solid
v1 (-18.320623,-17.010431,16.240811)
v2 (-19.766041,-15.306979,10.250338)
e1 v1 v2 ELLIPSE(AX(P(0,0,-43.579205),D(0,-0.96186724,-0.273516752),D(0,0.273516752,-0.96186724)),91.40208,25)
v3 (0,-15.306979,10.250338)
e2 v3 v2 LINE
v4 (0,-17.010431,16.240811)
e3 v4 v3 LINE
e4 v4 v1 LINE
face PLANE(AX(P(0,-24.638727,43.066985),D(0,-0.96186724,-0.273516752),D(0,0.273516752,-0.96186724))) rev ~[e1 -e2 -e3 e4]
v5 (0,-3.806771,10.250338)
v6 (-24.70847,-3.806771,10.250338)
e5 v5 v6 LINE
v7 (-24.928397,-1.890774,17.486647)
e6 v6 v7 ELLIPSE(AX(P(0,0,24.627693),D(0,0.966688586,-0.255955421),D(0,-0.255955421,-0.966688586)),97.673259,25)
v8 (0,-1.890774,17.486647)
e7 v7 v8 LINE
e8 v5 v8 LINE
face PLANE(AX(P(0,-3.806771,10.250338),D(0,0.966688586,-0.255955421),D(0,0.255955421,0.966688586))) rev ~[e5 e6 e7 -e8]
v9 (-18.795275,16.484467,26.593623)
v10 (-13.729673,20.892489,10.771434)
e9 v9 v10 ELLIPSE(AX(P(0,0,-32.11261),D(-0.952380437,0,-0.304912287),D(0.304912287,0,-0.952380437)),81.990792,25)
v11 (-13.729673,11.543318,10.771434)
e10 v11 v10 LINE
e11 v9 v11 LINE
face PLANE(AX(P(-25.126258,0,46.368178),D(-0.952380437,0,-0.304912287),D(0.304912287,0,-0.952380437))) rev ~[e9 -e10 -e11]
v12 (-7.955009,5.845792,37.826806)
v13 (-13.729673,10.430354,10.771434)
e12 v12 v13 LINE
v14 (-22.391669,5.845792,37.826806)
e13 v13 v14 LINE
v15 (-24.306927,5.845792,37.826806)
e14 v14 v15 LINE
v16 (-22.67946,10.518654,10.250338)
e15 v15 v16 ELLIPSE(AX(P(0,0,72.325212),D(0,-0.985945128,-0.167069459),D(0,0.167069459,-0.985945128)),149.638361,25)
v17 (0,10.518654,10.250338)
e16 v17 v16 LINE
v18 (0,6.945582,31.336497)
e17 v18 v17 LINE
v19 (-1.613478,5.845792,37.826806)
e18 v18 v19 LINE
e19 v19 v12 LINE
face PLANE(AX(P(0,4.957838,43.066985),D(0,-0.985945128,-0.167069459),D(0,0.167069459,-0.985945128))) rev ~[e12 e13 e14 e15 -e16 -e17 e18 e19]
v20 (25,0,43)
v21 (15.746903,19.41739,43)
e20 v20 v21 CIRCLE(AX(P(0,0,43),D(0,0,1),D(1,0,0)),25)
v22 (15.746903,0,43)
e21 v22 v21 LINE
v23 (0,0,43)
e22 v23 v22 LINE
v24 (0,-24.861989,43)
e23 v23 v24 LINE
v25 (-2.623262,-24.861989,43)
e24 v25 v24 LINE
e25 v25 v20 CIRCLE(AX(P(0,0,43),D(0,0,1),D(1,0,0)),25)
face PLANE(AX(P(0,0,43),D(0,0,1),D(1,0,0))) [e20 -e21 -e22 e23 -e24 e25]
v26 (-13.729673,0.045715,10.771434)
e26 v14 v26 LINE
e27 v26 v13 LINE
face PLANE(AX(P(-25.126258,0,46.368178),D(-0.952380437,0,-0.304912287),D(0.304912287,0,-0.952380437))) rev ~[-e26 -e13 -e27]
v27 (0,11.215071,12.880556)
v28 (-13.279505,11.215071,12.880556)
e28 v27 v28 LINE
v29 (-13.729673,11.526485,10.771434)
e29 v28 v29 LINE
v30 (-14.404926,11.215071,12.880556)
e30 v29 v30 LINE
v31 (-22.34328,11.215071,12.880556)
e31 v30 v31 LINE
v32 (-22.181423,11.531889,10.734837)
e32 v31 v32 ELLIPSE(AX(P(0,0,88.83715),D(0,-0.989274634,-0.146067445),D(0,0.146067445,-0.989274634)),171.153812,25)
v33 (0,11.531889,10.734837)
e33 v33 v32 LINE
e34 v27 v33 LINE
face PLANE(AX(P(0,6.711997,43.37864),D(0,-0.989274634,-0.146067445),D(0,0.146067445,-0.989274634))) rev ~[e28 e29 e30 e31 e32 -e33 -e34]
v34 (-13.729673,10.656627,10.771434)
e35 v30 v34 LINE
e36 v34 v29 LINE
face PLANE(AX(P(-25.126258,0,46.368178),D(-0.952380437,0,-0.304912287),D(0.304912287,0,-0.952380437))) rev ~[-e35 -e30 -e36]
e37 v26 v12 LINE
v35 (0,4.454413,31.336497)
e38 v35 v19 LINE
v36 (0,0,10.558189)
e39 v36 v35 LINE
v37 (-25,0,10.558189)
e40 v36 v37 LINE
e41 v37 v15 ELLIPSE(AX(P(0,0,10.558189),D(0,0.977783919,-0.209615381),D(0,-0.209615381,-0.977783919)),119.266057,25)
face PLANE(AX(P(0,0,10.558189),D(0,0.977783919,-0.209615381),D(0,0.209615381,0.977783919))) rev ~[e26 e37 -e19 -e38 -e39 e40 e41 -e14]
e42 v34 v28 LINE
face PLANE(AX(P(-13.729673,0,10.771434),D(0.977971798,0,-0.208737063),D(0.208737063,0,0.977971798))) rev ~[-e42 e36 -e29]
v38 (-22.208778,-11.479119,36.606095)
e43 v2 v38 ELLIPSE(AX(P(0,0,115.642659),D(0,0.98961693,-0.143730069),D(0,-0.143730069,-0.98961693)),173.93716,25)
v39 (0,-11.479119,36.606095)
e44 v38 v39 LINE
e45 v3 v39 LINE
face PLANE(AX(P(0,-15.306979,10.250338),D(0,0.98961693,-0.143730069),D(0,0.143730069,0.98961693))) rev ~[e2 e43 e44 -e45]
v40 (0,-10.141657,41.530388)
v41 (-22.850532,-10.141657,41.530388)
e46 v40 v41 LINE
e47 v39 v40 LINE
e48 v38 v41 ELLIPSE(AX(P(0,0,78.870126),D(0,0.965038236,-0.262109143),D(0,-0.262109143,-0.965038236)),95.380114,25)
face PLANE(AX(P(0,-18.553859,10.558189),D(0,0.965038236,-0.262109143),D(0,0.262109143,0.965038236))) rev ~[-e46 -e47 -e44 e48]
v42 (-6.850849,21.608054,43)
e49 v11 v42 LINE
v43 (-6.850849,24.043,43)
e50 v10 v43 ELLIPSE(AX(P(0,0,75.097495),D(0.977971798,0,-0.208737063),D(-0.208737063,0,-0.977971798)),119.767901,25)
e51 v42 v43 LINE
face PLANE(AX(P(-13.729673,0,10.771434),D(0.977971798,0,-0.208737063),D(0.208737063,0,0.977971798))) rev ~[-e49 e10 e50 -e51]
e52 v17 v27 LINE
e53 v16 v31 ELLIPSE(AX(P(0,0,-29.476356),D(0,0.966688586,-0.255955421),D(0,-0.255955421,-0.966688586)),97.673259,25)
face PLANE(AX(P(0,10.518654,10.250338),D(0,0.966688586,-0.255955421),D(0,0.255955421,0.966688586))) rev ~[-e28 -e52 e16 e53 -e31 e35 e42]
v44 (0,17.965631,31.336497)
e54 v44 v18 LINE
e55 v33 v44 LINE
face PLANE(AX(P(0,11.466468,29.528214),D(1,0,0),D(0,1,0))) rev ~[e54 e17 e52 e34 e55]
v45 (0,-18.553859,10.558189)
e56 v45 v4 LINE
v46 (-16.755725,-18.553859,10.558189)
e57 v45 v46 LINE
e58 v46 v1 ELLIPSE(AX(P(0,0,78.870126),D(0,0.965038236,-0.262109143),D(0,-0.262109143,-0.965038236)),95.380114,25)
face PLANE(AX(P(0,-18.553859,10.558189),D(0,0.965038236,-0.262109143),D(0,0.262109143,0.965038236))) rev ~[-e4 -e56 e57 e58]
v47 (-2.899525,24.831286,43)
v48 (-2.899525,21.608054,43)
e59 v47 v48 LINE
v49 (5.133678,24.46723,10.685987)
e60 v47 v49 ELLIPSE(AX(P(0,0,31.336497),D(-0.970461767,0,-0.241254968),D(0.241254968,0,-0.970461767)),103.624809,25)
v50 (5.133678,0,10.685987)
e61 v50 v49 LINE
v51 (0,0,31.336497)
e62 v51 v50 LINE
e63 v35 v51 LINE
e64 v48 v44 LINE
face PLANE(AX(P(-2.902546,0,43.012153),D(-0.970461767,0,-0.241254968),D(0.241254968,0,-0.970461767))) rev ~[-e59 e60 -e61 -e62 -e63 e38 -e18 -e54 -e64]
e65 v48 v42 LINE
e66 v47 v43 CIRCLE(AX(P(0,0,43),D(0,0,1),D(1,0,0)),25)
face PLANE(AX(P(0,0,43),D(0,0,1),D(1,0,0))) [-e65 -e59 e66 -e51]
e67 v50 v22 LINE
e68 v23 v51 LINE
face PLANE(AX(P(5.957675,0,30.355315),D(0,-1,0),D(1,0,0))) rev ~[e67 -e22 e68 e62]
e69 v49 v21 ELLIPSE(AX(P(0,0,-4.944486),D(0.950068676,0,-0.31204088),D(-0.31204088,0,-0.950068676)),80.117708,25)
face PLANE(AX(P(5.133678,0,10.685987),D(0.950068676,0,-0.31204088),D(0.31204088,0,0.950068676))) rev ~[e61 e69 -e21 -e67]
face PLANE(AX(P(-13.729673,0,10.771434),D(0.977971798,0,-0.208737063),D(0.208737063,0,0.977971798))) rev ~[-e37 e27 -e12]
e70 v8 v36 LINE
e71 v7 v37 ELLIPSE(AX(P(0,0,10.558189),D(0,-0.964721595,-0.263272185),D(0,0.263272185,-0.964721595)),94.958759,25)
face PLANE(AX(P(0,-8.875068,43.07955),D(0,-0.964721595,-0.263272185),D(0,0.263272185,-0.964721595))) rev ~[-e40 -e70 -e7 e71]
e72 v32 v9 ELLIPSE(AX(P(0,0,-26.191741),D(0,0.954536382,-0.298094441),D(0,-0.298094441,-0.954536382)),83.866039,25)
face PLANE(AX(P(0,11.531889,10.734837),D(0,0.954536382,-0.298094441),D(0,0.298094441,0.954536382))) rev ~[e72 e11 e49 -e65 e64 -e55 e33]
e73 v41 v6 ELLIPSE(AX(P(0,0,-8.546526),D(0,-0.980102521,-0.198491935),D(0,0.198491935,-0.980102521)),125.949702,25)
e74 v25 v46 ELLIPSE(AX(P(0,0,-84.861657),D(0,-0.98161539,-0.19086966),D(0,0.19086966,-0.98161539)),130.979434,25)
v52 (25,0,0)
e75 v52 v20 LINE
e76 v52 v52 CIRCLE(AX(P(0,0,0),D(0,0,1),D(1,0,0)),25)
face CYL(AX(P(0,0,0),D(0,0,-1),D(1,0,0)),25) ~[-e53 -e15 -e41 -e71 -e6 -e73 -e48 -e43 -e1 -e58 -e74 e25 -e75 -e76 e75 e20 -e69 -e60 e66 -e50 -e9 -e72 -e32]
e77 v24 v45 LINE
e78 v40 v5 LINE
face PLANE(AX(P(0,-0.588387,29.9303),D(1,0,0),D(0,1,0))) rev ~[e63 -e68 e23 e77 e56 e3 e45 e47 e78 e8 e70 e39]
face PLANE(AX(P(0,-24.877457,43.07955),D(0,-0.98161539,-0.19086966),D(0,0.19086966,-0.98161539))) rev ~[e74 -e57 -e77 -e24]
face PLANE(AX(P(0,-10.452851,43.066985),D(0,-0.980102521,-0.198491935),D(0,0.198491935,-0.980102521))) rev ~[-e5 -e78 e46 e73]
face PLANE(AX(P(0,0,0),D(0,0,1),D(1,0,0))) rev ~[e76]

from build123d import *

# Parameters (mm, degrees)
F0_R      = 25
F1_DEPTH  = 43
F3_DEPTH  = 25.001
F5_DEPTH  = 25.001
F7_DEPTH  = 25.001
F9_DEPTH  = 25.001
F11_DEPTH = 25.001


with BuildPart() as f1:
    # F0 (on Top) → F1 (new body)
    with BuildSketch(Plane.XY):
        Circle(F0_R)
    extrude(amount=F1_DEPTH)

    # F2 (on Front) → F3 (cut, through all)
    with BuildSketch(Plane.XZ):
        Polygon((-25.126258, 46.368178), (-13.729673, 10.771434), (-6.131949, 46.368178), align=None)
    extrude(amount=-F3_DEPTH, mode=Mode.SUBTRACT)

    # F4 (on Right) → F5 (cut, through all)
    with BuildSketch(Plane.YZ):
        Polygon((-18.553859, 10.558189), (-9.720897, 43.07955), (-24.877457, 43.07955), align=None)
        Polygon((-8.875068, 43.07955), (0, 10.558189), (6.971865, 43.07955), align=None)
    extrude(amount=-F5_DEPTH, mode=Mode.SUBTRACT)

    # F6 (on Front) → F7 (cut, through all)
    with BuildSketch(Plane.XZ):
        Polygon((15.750895, 43.012153), (-2.902546, 43.012153), (5.133678, 10.685987), align=None)
    extrude(amount=-F7_DEPTH, mode=Mode.SUBTRACT)

    # F8 (on Right) → F9 (cut, through all)
    with BuildSketch(Plane.YZ):
        Polygon((-15.306979, 10.250338), (-10.540752, 43.066985), (-24.638727, 43.066985), align=None)
        Polygon((-10.504041, 43.066985), (-10.452851, 43.066985), (-10.504041, 43.319747), (-10.540752, 43.066985), align=None)
        Polygon((-3.806771, 10.250338), (4.882272, 43.066985), (-10.452851, 43.066985), align=None)
        Polygon((4.928349, 43.066985), (4.957838, 43.066985), (4.928349, 43.241009), (4.882272, 43.066985), align=None)
        Polygon((10.518654, 10.250338), (19.207697, 43.066985), (4.957838, 43.066985), align=None)
    extrude(amount=-F9_DEPTH, mode=Mode.SUBTRACT)

    # F10 (on Right) → F11 (cut, through all)
    with BuildSketch(Plane.YZ):
        Polygon((11.531889, 10.734837), (21.7263, 43.37864), (6.711997, 43.37864), align=None)
    extrude(amount=-F11_DEPTH, mode=Mode.SUBTRACT)


solid = f1.part
